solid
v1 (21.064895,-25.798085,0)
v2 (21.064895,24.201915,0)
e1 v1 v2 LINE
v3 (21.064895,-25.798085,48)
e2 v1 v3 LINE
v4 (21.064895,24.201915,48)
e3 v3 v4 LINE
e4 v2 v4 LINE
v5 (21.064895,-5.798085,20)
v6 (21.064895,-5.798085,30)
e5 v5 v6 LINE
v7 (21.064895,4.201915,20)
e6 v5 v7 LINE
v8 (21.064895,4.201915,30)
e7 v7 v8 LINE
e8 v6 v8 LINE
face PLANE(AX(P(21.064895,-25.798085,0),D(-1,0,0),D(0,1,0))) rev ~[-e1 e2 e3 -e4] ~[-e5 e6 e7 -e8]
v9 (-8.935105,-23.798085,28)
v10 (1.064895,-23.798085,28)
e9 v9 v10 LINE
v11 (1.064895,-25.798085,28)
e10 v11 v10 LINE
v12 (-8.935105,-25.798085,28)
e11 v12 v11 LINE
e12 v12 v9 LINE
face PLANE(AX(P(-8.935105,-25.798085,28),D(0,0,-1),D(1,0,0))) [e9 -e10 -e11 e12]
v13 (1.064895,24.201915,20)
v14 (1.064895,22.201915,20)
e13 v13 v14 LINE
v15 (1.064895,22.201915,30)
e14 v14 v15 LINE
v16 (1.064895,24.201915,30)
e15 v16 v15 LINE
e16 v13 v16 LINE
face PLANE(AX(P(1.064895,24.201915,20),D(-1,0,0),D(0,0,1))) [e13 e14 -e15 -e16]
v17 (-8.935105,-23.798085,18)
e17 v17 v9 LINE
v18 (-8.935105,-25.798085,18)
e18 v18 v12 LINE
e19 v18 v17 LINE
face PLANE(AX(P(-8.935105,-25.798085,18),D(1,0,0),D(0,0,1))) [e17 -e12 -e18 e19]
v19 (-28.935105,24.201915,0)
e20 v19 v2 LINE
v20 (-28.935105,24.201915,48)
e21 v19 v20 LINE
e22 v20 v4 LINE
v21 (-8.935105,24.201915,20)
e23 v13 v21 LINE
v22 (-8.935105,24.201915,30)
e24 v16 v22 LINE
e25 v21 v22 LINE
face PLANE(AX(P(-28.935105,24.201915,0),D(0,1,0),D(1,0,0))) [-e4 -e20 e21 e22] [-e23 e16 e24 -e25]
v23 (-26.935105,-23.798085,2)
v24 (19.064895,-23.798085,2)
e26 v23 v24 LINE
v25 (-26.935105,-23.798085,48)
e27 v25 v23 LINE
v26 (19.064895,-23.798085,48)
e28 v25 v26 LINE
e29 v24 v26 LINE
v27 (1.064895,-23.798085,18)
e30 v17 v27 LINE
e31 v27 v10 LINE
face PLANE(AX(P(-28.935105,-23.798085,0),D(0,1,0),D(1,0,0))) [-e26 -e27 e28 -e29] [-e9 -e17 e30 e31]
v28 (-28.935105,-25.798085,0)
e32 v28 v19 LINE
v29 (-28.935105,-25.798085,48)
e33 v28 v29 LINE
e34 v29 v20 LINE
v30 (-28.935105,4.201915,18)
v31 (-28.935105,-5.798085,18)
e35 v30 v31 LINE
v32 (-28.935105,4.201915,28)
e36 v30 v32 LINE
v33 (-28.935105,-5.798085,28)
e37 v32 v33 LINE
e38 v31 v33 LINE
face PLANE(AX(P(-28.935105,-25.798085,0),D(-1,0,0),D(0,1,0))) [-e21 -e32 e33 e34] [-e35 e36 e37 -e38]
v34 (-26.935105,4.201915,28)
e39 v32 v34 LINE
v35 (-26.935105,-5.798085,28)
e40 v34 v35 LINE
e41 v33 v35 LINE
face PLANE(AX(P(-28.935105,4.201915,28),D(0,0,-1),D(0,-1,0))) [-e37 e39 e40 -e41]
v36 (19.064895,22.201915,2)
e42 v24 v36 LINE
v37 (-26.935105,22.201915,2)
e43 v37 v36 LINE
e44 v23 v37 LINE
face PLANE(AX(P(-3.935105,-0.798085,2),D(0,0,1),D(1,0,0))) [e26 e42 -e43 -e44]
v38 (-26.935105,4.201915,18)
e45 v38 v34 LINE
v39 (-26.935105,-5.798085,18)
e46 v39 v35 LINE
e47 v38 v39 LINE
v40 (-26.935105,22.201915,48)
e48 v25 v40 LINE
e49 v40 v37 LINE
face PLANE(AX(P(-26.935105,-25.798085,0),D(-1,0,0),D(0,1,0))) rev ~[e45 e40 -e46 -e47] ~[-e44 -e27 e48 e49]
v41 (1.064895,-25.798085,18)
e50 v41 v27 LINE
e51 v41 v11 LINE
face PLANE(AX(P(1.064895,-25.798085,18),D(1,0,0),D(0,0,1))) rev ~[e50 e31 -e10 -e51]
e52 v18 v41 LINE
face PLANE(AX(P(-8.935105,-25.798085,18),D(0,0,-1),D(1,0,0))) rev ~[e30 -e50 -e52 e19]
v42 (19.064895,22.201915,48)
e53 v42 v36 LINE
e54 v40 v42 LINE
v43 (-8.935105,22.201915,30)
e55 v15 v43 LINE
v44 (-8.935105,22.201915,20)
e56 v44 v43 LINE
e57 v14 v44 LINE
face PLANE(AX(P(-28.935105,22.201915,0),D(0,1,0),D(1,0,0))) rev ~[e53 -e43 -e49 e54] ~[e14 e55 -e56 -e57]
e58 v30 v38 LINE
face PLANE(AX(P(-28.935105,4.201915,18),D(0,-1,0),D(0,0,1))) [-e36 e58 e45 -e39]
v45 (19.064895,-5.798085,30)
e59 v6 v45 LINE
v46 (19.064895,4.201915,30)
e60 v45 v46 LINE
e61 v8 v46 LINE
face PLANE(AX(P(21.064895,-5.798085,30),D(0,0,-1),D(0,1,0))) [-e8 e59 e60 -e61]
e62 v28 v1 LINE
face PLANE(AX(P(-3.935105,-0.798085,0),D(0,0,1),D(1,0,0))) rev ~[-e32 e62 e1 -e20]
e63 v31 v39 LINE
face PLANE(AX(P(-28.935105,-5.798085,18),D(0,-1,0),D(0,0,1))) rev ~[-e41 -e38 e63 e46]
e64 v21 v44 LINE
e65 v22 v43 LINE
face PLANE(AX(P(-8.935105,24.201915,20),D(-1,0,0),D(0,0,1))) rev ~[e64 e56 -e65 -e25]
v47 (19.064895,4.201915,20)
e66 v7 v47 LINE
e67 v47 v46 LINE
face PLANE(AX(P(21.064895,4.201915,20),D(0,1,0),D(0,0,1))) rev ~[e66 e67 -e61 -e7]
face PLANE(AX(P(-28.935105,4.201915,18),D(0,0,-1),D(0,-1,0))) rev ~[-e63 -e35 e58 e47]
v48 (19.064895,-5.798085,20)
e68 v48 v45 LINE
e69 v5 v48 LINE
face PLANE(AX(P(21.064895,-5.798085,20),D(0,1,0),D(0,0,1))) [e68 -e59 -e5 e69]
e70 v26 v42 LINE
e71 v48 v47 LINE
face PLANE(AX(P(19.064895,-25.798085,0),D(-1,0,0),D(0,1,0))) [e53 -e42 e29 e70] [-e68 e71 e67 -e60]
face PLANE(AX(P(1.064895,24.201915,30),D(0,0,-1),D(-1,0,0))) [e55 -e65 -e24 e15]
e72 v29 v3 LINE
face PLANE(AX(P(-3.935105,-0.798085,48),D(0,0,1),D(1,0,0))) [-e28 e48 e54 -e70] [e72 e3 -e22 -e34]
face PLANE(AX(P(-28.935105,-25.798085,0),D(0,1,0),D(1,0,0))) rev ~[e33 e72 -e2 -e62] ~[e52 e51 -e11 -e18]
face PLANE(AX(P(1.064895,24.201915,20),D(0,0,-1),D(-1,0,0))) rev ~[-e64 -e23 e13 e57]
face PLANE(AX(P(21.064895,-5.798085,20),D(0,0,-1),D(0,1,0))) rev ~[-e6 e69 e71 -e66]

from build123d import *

# Parameters (mm, degrees)
F0_W      = 50
F0_H      = 50
F1_DEPTH  = 48
F2_T      = -2
F4_W      = 10
F4_H      = 10
F5_DEPTH  = 2
F6_W      = 10
F6_H      = 10
F7_DEPTH  = 2
F9_W      = 10
F9_H      = 10
F10_DEPTH = 2
F8_W      = 10
F8_H      = 10
F11_DEPTH = 2


with BuildPart() as f1:
    # F0 (on Top) → F1 (new body)
    with BuildSketch(Plane.XY):
        with Locations((-3.935105, -0.798085)):
            Rectangle(F0_W, F0_H)
    extrude(amount=F1_DEPTH)

    # F2
    f2_openings = [f1.faces().sort_by_distance(p)[0] for p in [
        (-3.935105, -0.798085, 48),
    ]]
    offset(amount=F2_T, openings=f2_openings)

    # F4 (on face) → F5 (cut)
    with BuildSketch(Plane.XZ.offset(25.798085)):
        with Locations((-3.935105, 23)):
            Rectangle(F4_W, F4_H)
    extrude(amount=-F5_DEPTH, mode=Mode.SUBTRACT)

    # F6 (on face) → F7 (cut)
    with BuildSketch(Plane.YZ.offset(21.064895)):
        with Locations((-0.798085, 25)):
            Rectangle(F6_W, F6_H)
    extrude(amount=-F7_DEPTH, mode=Mode.SUBTRACT)

    # F9 (on face) → F10 (cut)
    with BuildSketch(Plane(origin=(-28.935105, 0, 0), x_dir=(0, -1, 0), z_dir=(-1, 0, 0))):
        with Locations((0.798085, 23)):
            Rectangle(F9_W, F9_H)
    extrude(amount=-F10_DEPTH, mode=Mode.SUBTRACT)

    # F8 (on face) → F11 (cut)
    with BuildSketch(Plane(origin=(0, 24.201915, 0), x_dir=(-1, 0, 0), z_dir=(0, 1, 0))):
        with Locations((3.935105, 25)):
            Rectangle(F8_W, F8_H)
    extrude(amount=-F11_DEPTH, mode=Mode.SUBTRACT)


solid = f1.part
